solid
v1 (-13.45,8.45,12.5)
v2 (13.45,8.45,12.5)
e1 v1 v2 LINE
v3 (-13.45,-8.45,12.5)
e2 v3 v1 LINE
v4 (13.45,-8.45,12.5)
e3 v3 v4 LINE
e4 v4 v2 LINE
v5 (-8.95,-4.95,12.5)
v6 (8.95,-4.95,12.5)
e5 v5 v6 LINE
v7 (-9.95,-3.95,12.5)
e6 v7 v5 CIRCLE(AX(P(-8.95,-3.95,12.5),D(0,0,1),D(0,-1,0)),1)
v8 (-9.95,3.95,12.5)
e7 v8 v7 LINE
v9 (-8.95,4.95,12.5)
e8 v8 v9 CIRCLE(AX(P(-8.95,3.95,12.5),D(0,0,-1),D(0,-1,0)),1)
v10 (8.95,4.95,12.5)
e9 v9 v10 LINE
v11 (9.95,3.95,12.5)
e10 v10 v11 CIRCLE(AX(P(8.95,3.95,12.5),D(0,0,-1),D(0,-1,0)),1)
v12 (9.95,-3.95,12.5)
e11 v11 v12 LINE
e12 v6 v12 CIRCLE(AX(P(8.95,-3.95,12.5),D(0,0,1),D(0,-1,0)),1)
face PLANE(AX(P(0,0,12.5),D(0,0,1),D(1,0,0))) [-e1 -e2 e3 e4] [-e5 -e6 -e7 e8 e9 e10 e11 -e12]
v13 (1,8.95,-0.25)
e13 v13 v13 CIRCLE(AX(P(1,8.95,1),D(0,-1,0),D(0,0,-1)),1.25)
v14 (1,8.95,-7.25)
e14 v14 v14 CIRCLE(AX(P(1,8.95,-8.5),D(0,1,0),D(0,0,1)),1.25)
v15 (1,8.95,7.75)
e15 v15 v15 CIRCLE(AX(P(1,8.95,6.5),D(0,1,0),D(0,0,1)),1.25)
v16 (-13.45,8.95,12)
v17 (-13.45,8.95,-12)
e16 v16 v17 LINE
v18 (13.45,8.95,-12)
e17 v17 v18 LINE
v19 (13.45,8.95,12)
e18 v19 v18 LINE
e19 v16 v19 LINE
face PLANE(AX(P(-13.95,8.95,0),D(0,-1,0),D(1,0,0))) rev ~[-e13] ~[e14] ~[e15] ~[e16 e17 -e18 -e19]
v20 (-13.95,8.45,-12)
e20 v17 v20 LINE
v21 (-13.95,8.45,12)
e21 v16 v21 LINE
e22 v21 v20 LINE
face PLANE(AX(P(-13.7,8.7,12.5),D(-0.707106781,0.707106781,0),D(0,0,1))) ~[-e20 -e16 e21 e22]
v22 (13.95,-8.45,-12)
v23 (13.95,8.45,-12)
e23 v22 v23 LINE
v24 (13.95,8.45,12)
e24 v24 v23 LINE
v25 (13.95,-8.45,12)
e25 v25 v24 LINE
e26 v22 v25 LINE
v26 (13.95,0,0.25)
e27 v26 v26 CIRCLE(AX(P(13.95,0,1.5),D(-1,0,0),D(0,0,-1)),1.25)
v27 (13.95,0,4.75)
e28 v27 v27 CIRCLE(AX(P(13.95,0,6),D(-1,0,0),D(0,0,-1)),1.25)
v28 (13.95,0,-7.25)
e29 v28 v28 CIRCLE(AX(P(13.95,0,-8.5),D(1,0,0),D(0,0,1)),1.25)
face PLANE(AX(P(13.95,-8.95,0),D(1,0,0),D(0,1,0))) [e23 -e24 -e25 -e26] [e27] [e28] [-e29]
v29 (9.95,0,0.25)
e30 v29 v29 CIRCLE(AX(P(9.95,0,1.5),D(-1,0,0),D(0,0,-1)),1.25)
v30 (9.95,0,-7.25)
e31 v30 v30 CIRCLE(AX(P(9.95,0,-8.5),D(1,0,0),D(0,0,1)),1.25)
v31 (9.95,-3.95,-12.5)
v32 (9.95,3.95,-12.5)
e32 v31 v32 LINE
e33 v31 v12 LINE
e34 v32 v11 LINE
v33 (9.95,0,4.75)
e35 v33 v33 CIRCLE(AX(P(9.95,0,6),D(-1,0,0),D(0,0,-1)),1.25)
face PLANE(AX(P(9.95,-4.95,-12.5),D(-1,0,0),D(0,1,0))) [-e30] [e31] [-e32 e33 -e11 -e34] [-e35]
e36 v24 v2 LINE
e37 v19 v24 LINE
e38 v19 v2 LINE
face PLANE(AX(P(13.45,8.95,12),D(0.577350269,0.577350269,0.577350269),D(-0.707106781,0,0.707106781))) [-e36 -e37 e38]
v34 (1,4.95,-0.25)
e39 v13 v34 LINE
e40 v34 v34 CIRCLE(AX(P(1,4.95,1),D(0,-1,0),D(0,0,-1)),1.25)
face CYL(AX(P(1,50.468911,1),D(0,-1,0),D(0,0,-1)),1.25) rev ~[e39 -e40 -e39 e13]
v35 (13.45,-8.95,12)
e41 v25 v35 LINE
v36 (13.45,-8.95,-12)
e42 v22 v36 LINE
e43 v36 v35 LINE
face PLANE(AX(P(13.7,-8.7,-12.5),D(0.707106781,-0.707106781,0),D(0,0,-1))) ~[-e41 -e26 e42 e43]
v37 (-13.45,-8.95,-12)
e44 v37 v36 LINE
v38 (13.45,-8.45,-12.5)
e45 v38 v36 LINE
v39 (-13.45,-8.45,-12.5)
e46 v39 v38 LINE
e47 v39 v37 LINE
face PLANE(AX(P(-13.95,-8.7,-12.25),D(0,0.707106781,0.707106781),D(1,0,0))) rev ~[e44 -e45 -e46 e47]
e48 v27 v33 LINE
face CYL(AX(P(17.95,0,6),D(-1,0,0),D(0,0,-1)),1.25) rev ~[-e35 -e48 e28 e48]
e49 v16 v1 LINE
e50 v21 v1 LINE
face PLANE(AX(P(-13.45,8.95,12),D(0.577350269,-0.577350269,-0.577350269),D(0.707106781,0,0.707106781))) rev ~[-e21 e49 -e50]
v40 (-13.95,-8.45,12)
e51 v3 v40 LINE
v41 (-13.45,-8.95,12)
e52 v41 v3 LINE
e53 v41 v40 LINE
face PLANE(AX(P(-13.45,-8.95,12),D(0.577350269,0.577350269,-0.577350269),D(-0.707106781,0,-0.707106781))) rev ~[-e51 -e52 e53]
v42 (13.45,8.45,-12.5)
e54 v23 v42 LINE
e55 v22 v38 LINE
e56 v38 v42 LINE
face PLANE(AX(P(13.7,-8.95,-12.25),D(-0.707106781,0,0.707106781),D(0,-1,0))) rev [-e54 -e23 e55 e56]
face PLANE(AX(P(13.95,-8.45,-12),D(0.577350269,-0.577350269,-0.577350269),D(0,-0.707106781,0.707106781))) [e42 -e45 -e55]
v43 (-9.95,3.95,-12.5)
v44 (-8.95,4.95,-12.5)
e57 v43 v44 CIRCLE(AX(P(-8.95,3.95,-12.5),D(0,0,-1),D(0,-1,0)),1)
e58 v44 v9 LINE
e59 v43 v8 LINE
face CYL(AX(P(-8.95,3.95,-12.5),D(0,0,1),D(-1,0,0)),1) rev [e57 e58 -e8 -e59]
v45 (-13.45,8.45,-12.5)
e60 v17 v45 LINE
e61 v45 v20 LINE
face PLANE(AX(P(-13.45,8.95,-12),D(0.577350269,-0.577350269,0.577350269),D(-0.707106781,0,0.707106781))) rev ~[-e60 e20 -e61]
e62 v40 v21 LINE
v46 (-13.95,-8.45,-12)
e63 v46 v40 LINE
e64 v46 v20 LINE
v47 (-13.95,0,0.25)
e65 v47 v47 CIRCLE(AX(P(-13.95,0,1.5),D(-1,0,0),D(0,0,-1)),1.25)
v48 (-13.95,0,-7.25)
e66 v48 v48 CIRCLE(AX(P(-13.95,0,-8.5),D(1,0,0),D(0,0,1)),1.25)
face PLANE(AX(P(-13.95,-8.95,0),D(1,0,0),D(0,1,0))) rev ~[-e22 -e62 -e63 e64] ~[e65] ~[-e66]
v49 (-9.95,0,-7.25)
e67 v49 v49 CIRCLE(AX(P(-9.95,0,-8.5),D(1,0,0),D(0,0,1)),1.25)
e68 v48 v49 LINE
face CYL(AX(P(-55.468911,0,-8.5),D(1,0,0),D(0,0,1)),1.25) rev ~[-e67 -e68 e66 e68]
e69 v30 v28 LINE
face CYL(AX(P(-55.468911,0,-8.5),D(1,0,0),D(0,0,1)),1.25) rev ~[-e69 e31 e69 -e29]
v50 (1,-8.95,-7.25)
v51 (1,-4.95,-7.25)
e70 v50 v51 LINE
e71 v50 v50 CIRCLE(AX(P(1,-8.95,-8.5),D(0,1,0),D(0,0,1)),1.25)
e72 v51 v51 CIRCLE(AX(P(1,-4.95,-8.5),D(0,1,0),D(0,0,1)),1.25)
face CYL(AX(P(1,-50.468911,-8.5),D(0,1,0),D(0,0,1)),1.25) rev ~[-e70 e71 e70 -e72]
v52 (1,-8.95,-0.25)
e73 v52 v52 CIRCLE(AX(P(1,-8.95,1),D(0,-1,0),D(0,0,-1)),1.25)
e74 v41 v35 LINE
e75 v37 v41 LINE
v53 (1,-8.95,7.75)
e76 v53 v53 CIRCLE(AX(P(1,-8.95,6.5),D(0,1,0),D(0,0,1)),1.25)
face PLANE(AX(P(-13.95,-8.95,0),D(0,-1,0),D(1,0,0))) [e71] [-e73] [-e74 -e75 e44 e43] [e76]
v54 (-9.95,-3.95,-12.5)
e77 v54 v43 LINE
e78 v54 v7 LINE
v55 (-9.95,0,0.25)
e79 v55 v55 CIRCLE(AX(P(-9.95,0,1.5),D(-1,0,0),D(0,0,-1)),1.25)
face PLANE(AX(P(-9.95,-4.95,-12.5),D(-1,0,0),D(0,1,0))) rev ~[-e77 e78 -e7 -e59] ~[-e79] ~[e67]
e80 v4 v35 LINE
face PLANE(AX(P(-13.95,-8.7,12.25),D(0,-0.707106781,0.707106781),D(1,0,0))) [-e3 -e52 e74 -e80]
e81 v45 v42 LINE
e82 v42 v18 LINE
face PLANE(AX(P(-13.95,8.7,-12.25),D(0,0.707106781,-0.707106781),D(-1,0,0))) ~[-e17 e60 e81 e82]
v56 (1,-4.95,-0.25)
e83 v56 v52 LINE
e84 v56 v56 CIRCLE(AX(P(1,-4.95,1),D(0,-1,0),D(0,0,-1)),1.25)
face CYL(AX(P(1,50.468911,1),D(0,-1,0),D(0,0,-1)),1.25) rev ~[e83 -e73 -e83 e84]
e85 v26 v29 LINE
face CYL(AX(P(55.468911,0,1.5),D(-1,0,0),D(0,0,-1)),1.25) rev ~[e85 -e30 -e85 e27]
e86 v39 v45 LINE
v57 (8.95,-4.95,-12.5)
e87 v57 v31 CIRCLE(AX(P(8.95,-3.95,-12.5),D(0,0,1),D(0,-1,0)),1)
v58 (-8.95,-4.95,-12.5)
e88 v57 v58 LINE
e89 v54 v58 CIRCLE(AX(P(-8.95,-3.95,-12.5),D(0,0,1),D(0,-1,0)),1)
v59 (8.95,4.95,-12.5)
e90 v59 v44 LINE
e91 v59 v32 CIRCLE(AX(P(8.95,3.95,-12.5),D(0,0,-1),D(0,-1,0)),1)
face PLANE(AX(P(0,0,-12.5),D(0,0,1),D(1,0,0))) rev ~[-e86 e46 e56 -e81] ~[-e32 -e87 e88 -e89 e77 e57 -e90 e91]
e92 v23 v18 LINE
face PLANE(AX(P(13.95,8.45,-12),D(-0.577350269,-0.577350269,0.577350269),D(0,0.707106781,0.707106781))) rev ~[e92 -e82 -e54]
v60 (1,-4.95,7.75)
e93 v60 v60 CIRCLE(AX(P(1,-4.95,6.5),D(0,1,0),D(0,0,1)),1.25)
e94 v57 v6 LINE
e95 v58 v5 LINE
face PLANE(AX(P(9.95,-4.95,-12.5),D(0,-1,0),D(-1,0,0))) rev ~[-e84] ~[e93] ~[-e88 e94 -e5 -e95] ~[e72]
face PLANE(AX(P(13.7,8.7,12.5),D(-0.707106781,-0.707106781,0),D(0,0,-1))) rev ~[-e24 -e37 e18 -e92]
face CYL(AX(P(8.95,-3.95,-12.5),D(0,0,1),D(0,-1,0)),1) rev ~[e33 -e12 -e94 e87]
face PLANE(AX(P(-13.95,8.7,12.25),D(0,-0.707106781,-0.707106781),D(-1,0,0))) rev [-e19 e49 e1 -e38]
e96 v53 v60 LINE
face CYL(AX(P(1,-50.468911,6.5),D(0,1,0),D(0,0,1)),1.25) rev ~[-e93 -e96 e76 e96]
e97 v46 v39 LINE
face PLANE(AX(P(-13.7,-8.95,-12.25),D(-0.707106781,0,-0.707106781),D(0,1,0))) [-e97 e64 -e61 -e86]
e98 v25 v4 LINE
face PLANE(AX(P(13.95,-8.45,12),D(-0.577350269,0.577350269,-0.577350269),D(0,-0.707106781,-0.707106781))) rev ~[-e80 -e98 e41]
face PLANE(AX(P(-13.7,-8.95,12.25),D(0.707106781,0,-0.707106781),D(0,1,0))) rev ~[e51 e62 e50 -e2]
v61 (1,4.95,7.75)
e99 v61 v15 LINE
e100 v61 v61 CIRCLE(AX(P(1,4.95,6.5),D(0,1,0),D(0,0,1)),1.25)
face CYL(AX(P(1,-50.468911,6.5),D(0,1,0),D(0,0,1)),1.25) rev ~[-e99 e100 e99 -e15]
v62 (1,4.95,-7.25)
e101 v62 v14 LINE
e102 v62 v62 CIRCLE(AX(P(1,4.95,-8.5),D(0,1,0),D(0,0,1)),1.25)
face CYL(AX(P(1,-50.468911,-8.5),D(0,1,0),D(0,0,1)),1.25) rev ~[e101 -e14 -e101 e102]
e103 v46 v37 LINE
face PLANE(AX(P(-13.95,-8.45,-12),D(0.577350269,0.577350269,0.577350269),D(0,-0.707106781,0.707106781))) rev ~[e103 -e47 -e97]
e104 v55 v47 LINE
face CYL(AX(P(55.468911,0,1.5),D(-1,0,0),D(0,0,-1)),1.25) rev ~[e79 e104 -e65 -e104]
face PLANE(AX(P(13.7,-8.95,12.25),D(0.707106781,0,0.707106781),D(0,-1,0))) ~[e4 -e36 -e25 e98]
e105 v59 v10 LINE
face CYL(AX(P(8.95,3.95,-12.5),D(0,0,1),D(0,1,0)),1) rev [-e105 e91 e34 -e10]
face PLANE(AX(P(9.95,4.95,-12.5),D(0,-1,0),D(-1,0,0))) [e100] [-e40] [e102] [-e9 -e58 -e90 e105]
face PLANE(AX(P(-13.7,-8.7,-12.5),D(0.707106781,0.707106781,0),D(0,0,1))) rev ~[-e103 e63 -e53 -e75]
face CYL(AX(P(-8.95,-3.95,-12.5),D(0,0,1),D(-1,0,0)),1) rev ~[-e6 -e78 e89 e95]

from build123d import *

# Parameters (mm, degrees)
SKETCH_2_W             = 27.9
SKETCH_2_H             = 17.9
EXTRUDE_1_DEPTH        = 12.5
HOLE_WIZARD_M3_1_D     = 2.5
HOLE_WIZARD_M3_2_D     = 2.5
HOLE_WIZARD_M3_3_D     = 2.5
SKETCH_9_W             = 19.9
SKETCH_9_H             = 9.9
CUT_EXTRUDE_1_DEPTH    = 26
CHAMFER_2_SIZE         = 0.5
HOLE_WIZARD_M3_4_D     = 2.5
HOLE_WIZARD_M3_6_D     = 2.5
HOLE_WIZARD_M3_6_DEPTH = 4
HOLE_WIZARD_M3_7_D     = 2.5
FILLET_1_R             = 1


with BuildPart() as part:
    # 草图2 → 凸台-拉伸1 (new body, symmetric)
    with BuildSketch(Plane.XY):
        Rectangle(SKETCH_2_W, SKETCH_2_H)
    extrude(amount=EXTRUDE_1_DEPTH, both=True)

    # M3 螺纹孔1 (through all)
    with Locations(Plane(origin=(1, -8.95, -8.5), x_dir=(0, 0, -1), z_dir=(0, -1, 0))):
        with Locations((0, 0)):
            Hole(HOLE_WIZARD_M3_1_D / 2)

    # M3 螺纹孔2 (through all)
    with Locations(Plane(origin=(-13.95, 0, -8.5), x_dir=(0, 0, -1), z_dir=(-1, 0, 0))):
        with Locations((0, 0)):
            Hole(HOLE_WIZARD_M3_2_D / 2)

    # M3 螺纹孔3 (through all)
    with Locations(Plane(origin=(1, -8.95, 6.5), x_dir=(0, 0, -1), z_dir=(0, -1, 0))):
        with Locations((0, 0)):
            Hole(HOLE_WIZARD_M3_3_D / 2)

    # 草图9 → 切除-拉伸1 (cut, through all)
    with BuildSketch(Plane(origin=(0, 0, -12.5), x_dir=(-1, 0, 0), z_dir=(0, 0, -1))):
        Rectangle(SKETCH_9_W, SKETCH_9_H)
    extrude(amount=-CUT_EXTRUDE_1_DEPTH, mode=Mode.SUBTRACT)

    # 倒角2
    chamfer_2_edges = [part.edges().sort_by_distance(p)[0] for p in [
        (-13.95, 0, 12.5),
        (0, -8.95, 12.5),
        (13.95, 0, 12.5),
        (0, -8.95, -12.5),
        (-13.95, 0, -12.5),
        (0, 8.95, -12.5),
        (13.95, 0, -12.5),
        (13.95, -8.95, 0),
        (-13.95, -8.95, 0),
        (-13.95, 8.95, 0),
        (13.95, 8.95, 0),
        (0, 8.95, 12.5),
    ]]
    chamfer(chamfer_2_edges, length=CHAMFER_2_SIZE)

    # M3 螺纹孔4 (through all)
    with Locations(Plane(origin=(13.95, 0, 1.5), x_dir=(0, 0, 1), z_dir=(1, 0, 0))):
        with Locations((0, 0)):
            Hole(HOLE_WIZARD_M3_4_D / 2)

    # M3 螺纹孔6
    with Locations(Plane(origin=(13.95, 0, 6), x_dir=(0, 0, 1), z_dir=(1, 0, 0))):
        with Locations((0, 0)):
            Hole(HOLE_WIZARD_M3_6_D / 2, depth=HOLE_WIZARD_M3_6_DEPTH)

    # M3 螺纹孔7 (through all)
    with Locations(Plane(origin=(1, 8.95, 1), x_dir=(0, 0, 1), z_dir=(0, 1, 0))):
        with Locations((0, 0)):
            Hole(HOLE_WIZARD_M3_7_D / 2)

    # 圆角1
    fillet_1_edges = [part.edges().sort_by_distance(p)[0] for p in [
        (-9.95, 4.95, 0),
        (9.95, -4.95, 0),
        (9.95, 4.95, 0),
        (-9.95, -4.95, 0),
    ]]
    fillet(fillet_1_edges, radius=FILLET_1_R)


solid = part.part
